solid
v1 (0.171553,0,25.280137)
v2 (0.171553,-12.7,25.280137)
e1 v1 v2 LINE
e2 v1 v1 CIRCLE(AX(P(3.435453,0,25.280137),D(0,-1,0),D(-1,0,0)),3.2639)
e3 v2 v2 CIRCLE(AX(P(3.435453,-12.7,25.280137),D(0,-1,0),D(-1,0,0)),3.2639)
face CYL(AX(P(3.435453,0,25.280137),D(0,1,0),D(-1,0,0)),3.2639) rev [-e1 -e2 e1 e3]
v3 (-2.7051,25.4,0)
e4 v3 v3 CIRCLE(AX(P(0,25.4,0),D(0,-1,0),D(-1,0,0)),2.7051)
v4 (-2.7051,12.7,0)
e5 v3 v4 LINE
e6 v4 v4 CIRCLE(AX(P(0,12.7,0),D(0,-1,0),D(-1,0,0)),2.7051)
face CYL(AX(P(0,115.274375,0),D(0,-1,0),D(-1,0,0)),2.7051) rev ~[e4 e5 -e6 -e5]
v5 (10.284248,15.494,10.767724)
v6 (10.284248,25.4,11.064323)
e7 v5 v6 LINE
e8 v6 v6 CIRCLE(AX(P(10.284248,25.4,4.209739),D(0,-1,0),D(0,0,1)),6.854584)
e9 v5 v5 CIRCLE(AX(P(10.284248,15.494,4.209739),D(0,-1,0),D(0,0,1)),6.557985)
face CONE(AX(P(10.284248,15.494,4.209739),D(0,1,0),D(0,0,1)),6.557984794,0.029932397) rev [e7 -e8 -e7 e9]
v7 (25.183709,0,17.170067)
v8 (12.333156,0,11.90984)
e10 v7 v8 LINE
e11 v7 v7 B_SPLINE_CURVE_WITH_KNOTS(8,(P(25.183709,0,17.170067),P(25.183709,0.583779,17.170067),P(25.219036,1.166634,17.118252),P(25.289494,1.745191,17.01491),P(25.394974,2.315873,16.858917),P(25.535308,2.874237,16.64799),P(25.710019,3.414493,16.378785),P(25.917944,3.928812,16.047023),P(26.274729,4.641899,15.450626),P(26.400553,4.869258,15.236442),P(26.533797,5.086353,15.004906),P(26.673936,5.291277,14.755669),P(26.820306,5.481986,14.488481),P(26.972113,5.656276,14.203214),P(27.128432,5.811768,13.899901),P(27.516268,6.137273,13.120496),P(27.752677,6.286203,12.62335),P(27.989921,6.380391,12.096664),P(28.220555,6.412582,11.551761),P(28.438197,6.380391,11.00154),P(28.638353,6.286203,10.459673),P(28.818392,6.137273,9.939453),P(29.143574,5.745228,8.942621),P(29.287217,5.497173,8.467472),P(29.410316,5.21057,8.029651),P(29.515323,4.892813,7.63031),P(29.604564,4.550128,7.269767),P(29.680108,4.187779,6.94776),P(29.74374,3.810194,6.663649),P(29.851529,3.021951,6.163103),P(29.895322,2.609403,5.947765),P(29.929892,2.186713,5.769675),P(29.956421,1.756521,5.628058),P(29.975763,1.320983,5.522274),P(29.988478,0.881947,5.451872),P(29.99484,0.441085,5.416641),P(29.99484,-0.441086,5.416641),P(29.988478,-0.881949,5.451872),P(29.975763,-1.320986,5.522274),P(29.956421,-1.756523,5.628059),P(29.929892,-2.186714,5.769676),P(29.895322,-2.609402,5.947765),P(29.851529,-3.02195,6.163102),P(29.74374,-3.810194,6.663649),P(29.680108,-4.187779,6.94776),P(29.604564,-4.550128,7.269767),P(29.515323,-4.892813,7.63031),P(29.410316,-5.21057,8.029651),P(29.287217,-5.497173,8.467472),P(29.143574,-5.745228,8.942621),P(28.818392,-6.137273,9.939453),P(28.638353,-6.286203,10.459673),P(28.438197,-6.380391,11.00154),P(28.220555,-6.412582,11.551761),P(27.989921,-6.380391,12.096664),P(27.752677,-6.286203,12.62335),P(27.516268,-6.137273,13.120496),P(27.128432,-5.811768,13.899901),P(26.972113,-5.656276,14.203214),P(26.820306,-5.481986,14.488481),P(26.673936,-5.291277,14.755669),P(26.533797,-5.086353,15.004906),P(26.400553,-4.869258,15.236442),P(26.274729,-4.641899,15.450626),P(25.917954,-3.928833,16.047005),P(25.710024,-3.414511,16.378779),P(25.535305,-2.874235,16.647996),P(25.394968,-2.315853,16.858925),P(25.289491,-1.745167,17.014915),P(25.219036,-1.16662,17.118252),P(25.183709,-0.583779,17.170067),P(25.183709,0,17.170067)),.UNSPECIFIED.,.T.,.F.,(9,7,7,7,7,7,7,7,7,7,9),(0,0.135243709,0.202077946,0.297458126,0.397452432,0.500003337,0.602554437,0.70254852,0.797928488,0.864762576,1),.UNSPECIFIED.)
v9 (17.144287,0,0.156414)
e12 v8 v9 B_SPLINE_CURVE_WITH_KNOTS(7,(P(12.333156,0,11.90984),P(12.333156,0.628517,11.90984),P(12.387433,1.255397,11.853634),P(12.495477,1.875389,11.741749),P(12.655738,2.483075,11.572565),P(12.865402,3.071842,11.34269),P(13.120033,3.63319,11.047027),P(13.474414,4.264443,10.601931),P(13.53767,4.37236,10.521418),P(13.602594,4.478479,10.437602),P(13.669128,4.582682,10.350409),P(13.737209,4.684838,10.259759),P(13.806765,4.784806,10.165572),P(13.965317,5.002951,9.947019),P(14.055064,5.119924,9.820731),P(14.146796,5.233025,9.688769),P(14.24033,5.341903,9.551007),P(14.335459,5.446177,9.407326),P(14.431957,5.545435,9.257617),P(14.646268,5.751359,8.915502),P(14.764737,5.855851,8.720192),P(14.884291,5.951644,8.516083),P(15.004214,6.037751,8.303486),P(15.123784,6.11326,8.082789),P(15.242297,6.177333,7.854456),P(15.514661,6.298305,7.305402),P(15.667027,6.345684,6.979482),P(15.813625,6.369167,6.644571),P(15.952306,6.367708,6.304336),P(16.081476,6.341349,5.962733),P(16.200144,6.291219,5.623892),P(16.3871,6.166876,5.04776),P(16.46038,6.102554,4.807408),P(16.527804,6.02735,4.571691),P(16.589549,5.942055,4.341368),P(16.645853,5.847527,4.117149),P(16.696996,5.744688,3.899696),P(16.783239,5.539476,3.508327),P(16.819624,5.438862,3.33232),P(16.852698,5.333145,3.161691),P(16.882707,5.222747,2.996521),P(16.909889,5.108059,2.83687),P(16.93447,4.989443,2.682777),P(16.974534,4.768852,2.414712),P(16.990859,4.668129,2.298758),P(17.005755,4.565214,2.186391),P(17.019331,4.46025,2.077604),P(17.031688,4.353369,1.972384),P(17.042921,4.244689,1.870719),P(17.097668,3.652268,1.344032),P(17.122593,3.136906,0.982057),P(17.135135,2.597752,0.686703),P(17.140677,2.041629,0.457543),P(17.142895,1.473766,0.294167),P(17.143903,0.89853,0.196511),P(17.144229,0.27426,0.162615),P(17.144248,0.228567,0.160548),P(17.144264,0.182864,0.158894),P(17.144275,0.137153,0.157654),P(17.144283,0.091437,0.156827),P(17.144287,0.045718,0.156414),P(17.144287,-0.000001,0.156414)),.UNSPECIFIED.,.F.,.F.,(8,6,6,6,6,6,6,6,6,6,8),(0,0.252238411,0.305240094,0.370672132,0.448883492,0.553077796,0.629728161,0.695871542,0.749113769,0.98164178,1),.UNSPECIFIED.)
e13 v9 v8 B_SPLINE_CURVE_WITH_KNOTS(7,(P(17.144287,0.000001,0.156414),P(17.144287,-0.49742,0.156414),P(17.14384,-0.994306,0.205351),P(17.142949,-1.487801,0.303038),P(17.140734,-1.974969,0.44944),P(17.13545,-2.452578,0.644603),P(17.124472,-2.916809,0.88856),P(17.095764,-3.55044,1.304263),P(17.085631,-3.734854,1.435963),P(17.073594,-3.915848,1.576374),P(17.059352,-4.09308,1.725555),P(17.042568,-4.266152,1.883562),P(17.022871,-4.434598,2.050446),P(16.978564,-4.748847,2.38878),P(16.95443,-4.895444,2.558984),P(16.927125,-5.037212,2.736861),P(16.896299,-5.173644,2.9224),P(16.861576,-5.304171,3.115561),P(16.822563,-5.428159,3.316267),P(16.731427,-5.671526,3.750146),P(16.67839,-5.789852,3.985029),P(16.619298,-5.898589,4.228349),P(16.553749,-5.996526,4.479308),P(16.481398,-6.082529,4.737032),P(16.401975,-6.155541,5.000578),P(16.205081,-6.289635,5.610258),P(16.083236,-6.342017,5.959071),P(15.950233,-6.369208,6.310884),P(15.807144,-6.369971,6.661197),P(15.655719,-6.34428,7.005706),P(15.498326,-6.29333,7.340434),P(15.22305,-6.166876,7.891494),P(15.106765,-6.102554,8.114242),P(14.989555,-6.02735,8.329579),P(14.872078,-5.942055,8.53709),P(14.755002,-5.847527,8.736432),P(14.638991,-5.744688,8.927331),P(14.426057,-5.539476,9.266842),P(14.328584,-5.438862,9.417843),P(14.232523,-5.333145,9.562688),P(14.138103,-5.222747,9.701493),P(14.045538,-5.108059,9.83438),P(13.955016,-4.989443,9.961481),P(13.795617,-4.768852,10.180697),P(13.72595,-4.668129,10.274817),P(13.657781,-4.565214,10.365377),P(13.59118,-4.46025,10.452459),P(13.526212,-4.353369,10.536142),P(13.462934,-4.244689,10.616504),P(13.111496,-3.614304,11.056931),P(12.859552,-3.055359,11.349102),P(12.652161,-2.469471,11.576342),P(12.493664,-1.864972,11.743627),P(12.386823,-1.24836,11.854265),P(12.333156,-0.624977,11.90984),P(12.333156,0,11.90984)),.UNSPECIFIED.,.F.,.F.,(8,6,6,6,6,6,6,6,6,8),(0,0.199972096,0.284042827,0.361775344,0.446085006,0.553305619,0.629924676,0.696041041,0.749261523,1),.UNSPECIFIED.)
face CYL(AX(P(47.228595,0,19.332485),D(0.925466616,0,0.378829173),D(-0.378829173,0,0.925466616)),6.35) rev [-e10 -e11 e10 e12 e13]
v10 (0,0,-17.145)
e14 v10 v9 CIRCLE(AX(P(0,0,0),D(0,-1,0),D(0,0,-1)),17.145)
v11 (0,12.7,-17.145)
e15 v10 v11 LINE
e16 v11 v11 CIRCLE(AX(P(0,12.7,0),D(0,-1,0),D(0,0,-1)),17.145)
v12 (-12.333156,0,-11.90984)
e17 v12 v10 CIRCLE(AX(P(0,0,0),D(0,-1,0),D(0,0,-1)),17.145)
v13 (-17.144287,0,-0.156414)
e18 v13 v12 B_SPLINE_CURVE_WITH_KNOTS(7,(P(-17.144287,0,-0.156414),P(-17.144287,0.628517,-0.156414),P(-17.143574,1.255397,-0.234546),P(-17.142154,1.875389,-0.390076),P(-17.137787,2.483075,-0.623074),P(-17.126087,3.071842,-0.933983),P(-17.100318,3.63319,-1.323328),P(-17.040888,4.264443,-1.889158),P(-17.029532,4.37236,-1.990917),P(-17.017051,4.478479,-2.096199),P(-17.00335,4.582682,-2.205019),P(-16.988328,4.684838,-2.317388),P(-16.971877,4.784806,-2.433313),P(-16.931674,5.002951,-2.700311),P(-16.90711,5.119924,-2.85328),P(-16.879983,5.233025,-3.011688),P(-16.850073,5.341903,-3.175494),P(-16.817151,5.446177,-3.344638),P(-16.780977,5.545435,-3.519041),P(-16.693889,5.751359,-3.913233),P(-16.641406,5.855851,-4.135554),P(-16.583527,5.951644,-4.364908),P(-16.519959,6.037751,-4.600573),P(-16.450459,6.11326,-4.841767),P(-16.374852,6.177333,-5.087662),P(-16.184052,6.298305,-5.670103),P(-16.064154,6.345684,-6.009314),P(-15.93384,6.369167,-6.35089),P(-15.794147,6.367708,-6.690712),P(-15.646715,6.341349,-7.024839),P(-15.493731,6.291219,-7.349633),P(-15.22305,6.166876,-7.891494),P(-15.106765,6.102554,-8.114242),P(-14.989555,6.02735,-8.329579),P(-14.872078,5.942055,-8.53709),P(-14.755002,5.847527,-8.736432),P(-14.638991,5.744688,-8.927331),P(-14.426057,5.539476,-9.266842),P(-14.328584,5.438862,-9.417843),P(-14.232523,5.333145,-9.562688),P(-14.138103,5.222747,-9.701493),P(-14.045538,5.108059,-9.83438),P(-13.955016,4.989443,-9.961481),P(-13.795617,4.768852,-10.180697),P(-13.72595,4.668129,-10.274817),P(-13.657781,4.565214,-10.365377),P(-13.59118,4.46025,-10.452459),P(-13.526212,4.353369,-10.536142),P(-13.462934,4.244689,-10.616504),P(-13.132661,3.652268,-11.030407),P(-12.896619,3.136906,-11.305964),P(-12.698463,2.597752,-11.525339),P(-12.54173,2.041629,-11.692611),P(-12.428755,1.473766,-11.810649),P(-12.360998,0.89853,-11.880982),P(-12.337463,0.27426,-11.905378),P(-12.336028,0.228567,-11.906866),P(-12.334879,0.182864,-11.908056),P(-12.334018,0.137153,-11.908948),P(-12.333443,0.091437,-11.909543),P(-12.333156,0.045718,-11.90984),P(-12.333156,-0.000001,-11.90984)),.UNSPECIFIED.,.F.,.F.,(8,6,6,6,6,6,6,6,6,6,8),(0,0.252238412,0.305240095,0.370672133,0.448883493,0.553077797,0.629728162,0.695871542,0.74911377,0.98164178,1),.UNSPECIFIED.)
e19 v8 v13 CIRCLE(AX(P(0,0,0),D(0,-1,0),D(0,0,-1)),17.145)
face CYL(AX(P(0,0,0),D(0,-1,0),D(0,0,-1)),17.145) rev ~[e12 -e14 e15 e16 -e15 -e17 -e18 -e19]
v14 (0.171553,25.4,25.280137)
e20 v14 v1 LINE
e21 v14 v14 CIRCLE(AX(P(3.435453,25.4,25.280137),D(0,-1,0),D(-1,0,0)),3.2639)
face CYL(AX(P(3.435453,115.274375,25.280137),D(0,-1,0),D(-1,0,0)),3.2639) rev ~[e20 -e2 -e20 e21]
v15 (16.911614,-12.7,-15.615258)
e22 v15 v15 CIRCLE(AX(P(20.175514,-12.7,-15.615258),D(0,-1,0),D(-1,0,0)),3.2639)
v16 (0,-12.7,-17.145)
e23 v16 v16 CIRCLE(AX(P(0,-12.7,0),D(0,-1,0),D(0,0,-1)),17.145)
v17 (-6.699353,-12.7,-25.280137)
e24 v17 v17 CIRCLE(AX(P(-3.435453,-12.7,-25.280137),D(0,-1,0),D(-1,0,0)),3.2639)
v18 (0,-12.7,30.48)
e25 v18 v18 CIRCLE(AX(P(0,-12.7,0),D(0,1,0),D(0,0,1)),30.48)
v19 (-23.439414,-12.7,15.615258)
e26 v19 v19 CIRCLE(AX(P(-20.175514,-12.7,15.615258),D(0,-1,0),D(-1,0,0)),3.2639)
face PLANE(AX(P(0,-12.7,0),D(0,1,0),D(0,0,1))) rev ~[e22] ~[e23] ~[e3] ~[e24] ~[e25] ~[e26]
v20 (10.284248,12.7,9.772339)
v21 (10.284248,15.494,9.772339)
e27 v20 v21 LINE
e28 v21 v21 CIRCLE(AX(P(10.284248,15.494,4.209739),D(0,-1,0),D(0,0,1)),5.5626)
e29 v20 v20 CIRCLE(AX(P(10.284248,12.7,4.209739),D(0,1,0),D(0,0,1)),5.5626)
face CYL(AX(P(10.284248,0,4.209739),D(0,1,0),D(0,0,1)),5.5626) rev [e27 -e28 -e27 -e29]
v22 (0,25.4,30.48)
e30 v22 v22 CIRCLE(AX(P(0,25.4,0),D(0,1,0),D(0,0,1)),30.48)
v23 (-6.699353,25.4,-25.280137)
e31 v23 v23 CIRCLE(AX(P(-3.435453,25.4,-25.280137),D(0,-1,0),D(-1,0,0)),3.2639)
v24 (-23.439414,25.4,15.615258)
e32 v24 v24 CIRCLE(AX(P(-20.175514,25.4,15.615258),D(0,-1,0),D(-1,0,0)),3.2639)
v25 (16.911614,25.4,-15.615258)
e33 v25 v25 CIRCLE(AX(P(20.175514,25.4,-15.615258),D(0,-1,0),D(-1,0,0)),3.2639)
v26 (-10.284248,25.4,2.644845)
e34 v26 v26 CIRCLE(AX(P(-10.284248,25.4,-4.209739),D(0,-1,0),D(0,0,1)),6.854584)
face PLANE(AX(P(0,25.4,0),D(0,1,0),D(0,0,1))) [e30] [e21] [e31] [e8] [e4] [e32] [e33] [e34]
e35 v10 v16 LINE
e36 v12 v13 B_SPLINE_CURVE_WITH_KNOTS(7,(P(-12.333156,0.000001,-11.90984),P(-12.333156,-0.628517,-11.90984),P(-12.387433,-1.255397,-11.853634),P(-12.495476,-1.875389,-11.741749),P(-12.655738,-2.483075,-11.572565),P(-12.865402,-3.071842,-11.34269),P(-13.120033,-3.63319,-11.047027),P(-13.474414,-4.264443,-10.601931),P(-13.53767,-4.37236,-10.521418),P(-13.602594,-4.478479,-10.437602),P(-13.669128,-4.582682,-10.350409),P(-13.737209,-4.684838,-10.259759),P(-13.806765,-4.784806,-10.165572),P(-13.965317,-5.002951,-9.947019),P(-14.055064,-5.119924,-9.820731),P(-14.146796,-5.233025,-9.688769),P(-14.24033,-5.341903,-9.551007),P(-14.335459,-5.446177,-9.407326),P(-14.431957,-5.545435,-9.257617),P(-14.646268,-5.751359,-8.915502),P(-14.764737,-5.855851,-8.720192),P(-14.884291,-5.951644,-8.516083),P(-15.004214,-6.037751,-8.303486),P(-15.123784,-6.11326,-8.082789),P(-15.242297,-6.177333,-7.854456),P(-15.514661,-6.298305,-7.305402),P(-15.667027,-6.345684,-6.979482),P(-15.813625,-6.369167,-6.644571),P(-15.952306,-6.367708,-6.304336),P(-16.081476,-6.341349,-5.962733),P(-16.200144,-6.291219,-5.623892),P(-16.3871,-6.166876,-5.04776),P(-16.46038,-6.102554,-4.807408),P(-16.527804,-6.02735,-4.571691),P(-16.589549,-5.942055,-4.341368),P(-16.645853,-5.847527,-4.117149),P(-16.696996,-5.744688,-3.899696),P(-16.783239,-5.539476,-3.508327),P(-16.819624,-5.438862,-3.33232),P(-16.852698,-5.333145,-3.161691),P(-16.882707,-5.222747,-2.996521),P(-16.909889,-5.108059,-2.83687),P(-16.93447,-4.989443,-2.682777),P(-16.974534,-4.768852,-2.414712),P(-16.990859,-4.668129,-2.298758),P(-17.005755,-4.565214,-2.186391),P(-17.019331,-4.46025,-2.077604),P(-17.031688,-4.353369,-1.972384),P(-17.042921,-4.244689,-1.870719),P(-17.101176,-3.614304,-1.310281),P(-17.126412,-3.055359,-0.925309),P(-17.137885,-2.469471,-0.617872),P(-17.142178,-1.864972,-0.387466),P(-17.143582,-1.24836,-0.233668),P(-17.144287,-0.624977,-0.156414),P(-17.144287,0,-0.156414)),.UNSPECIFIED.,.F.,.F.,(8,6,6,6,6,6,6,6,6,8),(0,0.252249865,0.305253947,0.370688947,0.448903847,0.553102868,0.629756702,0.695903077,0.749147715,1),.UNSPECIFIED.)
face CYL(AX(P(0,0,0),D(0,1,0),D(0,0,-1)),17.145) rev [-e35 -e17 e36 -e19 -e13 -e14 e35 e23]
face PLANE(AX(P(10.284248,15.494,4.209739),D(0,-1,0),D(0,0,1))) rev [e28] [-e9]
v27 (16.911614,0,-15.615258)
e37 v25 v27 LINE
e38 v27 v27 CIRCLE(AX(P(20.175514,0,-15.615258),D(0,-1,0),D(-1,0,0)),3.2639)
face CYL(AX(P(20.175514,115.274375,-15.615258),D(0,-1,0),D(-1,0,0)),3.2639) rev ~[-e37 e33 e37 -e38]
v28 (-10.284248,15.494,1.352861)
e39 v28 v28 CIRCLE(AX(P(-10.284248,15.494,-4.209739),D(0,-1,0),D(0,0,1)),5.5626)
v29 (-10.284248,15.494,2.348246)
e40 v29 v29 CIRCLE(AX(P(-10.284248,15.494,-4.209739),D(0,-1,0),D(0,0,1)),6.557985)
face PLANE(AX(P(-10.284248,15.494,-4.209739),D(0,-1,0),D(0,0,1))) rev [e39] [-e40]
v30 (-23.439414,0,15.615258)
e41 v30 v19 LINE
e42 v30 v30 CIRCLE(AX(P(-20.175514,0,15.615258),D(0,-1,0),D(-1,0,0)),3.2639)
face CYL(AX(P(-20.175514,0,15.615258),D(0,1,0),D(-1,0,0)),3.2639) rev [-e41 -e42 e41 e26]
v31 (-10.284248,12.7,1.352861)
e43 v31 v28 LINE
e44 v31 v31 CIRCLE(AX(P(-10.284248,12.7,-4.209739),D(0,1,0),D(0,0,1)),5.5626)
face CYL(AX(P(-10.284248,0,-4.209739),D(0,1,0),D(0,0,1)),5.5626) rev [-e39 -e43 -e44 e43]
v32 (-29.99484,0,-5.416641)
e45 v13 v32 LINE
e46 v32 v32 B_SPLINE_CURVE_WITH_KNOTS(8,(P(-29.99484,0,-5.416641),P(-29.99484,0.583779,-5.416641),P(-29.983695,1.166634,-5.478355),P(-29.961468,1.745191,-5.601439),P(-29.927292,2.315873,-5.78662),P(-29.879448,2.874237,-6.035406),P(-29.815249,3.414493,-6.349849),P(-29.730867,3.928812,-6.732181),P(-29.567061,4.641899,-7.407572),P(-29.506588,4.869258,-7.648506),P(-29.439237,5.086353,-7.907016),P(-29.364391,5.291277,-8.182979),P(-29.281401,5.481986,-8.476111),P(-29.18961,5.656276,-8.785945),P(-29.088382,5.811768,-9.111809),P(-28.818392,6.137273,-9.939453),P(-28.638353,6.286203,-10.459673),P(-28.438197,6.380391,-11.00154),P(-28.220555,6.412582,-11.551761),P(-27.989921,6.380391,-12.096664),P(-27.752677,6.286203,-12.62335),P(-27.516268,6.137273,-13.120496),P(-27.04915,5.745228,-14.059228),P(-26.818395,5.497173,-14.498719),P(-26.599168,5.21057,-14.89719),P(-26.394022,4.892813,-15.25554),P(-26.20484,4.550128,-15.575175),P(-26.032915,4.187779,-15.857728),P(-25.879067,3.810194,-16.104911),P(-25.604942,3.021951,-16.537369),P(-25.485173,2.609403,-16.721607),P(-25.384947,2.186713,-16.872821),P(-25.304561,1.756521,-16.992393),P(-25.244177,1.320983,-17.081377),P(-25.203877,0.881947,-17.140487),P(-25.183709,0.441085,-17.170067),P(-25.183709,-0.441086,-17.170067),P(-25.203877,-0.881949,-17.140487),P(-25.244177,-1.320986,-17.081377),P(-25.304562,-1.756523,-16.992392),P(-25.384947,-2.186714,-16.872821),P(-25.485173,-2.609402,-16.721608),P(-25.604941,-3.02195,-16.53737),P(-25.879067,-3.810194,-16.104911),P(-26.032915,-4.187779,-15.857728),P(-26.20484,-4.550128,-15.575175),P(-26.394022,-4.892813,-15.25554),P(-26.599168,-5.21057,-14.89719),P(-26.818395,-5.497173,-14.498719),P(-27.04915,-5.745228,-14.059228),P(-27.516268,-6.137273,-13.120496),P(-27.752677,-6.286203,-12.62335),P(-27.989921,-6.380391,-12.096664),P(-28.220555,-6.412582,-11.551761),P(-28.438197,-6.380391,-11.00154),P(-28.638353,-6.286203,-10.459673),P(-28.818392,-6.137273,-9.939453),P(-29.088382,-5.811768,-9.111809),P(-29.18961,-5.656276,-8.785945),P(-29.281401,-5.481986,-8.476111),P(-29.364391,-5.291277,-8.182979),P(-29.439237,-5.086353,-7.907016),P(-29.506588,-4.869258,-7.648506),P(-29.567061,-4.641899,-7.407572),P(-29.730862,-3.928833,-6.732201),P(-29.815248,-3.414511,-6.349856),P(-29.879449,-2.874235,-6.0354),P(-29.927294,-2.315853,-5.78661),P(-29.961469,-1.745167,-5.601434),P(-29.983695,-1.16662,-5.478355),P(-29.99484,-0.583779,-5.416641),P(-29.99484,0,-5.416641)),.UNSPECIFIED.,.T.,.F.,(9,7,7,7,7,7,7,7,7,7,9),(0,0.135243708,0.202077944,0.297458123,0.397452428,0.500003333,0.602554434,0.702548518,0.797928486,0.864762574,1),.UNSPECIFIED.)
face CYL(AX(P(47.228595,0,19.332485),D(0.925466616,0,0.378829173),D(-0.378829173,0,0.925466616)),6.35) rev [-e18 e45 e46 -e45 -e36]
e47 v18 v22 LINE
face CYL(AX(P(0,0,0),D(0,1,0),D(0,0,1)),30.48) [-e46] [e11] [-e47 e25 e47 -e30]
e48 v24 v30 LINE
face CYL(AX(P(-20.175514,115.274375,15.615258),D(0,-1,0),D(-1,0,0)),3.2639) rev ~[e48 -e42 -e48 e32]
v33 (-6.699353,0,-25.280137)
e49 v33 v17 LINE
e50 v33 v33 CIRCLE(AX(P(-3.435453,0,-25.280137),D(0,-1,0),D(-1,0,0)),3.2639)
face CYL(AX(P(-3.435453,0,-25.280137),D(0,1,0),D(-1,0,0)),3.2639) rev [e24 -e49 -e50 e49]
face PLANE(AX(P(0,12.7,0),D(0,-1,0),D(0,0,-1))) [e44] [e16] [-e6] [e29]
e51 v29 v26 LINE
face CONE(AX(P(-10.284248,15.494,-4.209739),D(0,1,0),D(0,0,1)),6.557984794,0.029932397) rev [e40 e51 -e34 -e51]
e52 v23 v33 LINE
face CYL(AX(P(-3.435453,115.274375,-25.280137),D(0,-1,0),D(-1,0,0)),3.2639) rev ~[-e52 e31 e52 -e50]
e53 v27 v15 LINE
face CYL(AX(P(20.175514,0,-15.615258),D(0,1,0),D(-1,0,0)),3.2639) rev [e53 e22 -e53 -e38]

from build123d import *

# Parameters (mm, degrees)
SKETCH1_R                         = 30.48
BOSS_EXTRUDE1_DEPTH               = 25.4
SKETCH7_R                         = 11.43
CUT_EXTRUDE2_DEPTH                = 12.7
F_1_4_CLEARANCE_HOLE1_D           = 6.5278
F_1_4_28_TAPPED_HOLE1_D           = 5.4102
F_1_4_NPT_TAPPED_HOLE1_AT_2_COUNT = 2
F_1_4_NPT_TAPPED_HOLE1_AT_2_PITCH = 22.225
SKETCH13_R                        = 17.145
CUT_EXTRUDE3_DEPTH                = 12.7
MOVE_FACE1_BY                     = 12.7
CUT_EXTRUDE4_DEPTH                = 51.032197633
CUT_EXTRUDE4_DEPTH_BACK           = 51.032197633
SKETCH17_R                        = 6.35


with BuildPart() as part:
    # Sketch1 → Boss-Extrude1 (new body)
    with BuildSketch(Plane(origin=(0, 0, 0), x_dir=(1, 0, 0), z_dir=(0, 1, 0))):
        with Locations(Location((0, 0, 0), (0, 0, 270))):
            Circle(SKETCH1_R)
    extrude(amount=BOSS_EXTRUDE1_DEPTH)

    # Sketch7 → Cut-Extrude2 (cut)
    with BuildSketch(Plane.XZ):
        with Locations(Location((0, 0, 0), (0, 0, 270))):
            Circle(SKETCH7_R)
    extrude(amount=-CUT_EXTRUDE2_DEPTH, mode=Mode.SUBTRACT)

    # 1/4 Clearance Hole1 (through all)
    with Locations(Plane(origin=(0, 25.4, 0), x_dir=(1, 0, 0), z_dir=(0, 1, 0))):
        with Locations((20.175514493, 15.615257641), (3.435452557, -25.280136906), (-3.435452557, 25.280136906), (-20.175514493, -15.615257641)):
            Hole(F_1_4_CLEARANCE_HOLE1_D / 2)

    # 1/4-28 Tapped Hole1 (through all)
    with Locations(Plane(origin=(0, 25.4, 0), x_dir=(1, 0, 0), z_dir=(0, 1, 0))):
        with Locations((0, 0)):
            Hole(F_1_4_28_TAPPED_HOLE1_D / 2)

    # Sketch12 → 1/4 NPT Tapped Hole1 (revolve, cut)
    with BuildSketch(Plane(origin=(-10.284247774, 25.4, -4.20973918), x_dir=(0, 0, 1), z_dir=(1, 0, 0))):
        Polygon((0, 0), (0, 25.4), (5.5626, 25.4), (5.5626, 9.906), (6.557984794, 9.906), (6.8545837, 0), align=None)
    f_1_4_npt_tapped_hole1 = revolve(axis=Axis((-10.284247774, 31.75, -4.20973918), (0, -1, 0)), mode=Mode.SUBTRACT)

    # 1/4 NPT Tapped Hole1 at 2: 1/4 NPT Tapped Hole1 ×2
    with Locations(*[Vector(0.9254666163685323, 0, 0.3788291725664483) * (i * F_1_4_NPT_TAPPED_HOLE1_AT_2_PITCH) for i in range(1, F_1_4_NPT_TAPPED_HOLE1_AT_2_COUNT)]):
        add(f_1_4_npt_tapped_hole1, mode=Mode.SUBTRACT)

    # Sketch13 → Cut-Extrude3 (cut)
    with BuildSketch(Plane.XZ):
        with Locations(Location((0, 0, 0), (0, 0, 270))):
            Circle(SKETCH13_R)
    extrude(amount=-CUT_EXTRUDE3_DEPTH, mode=Mode.SUBTRACT)

    # Move Face1: a face moved outward by 12.7
    extrude(part.faces().sort_by_distance((0, 0, 24.384))[0], amount=MOVE_FACE1_BY, dir=(0, -1, 0))

    # Sketch17 → Cut-Extrude4 (cut, two sides: drawn at the far end of the back side and taken through both)
    with BuildSketch(Plane(origin=(0, 0, 0), x_dir=(-0.37882917256642434, 0, 0.9254666163685421), z_dir=(-0.9254666163685421, 0, -0.37882917256642434)).offset(-CUT_EXTRUDE4_DEPTH_BACK)):
        Circle(SKETCH17_R)
    extrude(amount=CUT_EXTRUDE4_DEPTH + CUT_EXTRUDE4_DEPTH_BACK, mode=Mode.SUBTRACT)


solid = part.part
